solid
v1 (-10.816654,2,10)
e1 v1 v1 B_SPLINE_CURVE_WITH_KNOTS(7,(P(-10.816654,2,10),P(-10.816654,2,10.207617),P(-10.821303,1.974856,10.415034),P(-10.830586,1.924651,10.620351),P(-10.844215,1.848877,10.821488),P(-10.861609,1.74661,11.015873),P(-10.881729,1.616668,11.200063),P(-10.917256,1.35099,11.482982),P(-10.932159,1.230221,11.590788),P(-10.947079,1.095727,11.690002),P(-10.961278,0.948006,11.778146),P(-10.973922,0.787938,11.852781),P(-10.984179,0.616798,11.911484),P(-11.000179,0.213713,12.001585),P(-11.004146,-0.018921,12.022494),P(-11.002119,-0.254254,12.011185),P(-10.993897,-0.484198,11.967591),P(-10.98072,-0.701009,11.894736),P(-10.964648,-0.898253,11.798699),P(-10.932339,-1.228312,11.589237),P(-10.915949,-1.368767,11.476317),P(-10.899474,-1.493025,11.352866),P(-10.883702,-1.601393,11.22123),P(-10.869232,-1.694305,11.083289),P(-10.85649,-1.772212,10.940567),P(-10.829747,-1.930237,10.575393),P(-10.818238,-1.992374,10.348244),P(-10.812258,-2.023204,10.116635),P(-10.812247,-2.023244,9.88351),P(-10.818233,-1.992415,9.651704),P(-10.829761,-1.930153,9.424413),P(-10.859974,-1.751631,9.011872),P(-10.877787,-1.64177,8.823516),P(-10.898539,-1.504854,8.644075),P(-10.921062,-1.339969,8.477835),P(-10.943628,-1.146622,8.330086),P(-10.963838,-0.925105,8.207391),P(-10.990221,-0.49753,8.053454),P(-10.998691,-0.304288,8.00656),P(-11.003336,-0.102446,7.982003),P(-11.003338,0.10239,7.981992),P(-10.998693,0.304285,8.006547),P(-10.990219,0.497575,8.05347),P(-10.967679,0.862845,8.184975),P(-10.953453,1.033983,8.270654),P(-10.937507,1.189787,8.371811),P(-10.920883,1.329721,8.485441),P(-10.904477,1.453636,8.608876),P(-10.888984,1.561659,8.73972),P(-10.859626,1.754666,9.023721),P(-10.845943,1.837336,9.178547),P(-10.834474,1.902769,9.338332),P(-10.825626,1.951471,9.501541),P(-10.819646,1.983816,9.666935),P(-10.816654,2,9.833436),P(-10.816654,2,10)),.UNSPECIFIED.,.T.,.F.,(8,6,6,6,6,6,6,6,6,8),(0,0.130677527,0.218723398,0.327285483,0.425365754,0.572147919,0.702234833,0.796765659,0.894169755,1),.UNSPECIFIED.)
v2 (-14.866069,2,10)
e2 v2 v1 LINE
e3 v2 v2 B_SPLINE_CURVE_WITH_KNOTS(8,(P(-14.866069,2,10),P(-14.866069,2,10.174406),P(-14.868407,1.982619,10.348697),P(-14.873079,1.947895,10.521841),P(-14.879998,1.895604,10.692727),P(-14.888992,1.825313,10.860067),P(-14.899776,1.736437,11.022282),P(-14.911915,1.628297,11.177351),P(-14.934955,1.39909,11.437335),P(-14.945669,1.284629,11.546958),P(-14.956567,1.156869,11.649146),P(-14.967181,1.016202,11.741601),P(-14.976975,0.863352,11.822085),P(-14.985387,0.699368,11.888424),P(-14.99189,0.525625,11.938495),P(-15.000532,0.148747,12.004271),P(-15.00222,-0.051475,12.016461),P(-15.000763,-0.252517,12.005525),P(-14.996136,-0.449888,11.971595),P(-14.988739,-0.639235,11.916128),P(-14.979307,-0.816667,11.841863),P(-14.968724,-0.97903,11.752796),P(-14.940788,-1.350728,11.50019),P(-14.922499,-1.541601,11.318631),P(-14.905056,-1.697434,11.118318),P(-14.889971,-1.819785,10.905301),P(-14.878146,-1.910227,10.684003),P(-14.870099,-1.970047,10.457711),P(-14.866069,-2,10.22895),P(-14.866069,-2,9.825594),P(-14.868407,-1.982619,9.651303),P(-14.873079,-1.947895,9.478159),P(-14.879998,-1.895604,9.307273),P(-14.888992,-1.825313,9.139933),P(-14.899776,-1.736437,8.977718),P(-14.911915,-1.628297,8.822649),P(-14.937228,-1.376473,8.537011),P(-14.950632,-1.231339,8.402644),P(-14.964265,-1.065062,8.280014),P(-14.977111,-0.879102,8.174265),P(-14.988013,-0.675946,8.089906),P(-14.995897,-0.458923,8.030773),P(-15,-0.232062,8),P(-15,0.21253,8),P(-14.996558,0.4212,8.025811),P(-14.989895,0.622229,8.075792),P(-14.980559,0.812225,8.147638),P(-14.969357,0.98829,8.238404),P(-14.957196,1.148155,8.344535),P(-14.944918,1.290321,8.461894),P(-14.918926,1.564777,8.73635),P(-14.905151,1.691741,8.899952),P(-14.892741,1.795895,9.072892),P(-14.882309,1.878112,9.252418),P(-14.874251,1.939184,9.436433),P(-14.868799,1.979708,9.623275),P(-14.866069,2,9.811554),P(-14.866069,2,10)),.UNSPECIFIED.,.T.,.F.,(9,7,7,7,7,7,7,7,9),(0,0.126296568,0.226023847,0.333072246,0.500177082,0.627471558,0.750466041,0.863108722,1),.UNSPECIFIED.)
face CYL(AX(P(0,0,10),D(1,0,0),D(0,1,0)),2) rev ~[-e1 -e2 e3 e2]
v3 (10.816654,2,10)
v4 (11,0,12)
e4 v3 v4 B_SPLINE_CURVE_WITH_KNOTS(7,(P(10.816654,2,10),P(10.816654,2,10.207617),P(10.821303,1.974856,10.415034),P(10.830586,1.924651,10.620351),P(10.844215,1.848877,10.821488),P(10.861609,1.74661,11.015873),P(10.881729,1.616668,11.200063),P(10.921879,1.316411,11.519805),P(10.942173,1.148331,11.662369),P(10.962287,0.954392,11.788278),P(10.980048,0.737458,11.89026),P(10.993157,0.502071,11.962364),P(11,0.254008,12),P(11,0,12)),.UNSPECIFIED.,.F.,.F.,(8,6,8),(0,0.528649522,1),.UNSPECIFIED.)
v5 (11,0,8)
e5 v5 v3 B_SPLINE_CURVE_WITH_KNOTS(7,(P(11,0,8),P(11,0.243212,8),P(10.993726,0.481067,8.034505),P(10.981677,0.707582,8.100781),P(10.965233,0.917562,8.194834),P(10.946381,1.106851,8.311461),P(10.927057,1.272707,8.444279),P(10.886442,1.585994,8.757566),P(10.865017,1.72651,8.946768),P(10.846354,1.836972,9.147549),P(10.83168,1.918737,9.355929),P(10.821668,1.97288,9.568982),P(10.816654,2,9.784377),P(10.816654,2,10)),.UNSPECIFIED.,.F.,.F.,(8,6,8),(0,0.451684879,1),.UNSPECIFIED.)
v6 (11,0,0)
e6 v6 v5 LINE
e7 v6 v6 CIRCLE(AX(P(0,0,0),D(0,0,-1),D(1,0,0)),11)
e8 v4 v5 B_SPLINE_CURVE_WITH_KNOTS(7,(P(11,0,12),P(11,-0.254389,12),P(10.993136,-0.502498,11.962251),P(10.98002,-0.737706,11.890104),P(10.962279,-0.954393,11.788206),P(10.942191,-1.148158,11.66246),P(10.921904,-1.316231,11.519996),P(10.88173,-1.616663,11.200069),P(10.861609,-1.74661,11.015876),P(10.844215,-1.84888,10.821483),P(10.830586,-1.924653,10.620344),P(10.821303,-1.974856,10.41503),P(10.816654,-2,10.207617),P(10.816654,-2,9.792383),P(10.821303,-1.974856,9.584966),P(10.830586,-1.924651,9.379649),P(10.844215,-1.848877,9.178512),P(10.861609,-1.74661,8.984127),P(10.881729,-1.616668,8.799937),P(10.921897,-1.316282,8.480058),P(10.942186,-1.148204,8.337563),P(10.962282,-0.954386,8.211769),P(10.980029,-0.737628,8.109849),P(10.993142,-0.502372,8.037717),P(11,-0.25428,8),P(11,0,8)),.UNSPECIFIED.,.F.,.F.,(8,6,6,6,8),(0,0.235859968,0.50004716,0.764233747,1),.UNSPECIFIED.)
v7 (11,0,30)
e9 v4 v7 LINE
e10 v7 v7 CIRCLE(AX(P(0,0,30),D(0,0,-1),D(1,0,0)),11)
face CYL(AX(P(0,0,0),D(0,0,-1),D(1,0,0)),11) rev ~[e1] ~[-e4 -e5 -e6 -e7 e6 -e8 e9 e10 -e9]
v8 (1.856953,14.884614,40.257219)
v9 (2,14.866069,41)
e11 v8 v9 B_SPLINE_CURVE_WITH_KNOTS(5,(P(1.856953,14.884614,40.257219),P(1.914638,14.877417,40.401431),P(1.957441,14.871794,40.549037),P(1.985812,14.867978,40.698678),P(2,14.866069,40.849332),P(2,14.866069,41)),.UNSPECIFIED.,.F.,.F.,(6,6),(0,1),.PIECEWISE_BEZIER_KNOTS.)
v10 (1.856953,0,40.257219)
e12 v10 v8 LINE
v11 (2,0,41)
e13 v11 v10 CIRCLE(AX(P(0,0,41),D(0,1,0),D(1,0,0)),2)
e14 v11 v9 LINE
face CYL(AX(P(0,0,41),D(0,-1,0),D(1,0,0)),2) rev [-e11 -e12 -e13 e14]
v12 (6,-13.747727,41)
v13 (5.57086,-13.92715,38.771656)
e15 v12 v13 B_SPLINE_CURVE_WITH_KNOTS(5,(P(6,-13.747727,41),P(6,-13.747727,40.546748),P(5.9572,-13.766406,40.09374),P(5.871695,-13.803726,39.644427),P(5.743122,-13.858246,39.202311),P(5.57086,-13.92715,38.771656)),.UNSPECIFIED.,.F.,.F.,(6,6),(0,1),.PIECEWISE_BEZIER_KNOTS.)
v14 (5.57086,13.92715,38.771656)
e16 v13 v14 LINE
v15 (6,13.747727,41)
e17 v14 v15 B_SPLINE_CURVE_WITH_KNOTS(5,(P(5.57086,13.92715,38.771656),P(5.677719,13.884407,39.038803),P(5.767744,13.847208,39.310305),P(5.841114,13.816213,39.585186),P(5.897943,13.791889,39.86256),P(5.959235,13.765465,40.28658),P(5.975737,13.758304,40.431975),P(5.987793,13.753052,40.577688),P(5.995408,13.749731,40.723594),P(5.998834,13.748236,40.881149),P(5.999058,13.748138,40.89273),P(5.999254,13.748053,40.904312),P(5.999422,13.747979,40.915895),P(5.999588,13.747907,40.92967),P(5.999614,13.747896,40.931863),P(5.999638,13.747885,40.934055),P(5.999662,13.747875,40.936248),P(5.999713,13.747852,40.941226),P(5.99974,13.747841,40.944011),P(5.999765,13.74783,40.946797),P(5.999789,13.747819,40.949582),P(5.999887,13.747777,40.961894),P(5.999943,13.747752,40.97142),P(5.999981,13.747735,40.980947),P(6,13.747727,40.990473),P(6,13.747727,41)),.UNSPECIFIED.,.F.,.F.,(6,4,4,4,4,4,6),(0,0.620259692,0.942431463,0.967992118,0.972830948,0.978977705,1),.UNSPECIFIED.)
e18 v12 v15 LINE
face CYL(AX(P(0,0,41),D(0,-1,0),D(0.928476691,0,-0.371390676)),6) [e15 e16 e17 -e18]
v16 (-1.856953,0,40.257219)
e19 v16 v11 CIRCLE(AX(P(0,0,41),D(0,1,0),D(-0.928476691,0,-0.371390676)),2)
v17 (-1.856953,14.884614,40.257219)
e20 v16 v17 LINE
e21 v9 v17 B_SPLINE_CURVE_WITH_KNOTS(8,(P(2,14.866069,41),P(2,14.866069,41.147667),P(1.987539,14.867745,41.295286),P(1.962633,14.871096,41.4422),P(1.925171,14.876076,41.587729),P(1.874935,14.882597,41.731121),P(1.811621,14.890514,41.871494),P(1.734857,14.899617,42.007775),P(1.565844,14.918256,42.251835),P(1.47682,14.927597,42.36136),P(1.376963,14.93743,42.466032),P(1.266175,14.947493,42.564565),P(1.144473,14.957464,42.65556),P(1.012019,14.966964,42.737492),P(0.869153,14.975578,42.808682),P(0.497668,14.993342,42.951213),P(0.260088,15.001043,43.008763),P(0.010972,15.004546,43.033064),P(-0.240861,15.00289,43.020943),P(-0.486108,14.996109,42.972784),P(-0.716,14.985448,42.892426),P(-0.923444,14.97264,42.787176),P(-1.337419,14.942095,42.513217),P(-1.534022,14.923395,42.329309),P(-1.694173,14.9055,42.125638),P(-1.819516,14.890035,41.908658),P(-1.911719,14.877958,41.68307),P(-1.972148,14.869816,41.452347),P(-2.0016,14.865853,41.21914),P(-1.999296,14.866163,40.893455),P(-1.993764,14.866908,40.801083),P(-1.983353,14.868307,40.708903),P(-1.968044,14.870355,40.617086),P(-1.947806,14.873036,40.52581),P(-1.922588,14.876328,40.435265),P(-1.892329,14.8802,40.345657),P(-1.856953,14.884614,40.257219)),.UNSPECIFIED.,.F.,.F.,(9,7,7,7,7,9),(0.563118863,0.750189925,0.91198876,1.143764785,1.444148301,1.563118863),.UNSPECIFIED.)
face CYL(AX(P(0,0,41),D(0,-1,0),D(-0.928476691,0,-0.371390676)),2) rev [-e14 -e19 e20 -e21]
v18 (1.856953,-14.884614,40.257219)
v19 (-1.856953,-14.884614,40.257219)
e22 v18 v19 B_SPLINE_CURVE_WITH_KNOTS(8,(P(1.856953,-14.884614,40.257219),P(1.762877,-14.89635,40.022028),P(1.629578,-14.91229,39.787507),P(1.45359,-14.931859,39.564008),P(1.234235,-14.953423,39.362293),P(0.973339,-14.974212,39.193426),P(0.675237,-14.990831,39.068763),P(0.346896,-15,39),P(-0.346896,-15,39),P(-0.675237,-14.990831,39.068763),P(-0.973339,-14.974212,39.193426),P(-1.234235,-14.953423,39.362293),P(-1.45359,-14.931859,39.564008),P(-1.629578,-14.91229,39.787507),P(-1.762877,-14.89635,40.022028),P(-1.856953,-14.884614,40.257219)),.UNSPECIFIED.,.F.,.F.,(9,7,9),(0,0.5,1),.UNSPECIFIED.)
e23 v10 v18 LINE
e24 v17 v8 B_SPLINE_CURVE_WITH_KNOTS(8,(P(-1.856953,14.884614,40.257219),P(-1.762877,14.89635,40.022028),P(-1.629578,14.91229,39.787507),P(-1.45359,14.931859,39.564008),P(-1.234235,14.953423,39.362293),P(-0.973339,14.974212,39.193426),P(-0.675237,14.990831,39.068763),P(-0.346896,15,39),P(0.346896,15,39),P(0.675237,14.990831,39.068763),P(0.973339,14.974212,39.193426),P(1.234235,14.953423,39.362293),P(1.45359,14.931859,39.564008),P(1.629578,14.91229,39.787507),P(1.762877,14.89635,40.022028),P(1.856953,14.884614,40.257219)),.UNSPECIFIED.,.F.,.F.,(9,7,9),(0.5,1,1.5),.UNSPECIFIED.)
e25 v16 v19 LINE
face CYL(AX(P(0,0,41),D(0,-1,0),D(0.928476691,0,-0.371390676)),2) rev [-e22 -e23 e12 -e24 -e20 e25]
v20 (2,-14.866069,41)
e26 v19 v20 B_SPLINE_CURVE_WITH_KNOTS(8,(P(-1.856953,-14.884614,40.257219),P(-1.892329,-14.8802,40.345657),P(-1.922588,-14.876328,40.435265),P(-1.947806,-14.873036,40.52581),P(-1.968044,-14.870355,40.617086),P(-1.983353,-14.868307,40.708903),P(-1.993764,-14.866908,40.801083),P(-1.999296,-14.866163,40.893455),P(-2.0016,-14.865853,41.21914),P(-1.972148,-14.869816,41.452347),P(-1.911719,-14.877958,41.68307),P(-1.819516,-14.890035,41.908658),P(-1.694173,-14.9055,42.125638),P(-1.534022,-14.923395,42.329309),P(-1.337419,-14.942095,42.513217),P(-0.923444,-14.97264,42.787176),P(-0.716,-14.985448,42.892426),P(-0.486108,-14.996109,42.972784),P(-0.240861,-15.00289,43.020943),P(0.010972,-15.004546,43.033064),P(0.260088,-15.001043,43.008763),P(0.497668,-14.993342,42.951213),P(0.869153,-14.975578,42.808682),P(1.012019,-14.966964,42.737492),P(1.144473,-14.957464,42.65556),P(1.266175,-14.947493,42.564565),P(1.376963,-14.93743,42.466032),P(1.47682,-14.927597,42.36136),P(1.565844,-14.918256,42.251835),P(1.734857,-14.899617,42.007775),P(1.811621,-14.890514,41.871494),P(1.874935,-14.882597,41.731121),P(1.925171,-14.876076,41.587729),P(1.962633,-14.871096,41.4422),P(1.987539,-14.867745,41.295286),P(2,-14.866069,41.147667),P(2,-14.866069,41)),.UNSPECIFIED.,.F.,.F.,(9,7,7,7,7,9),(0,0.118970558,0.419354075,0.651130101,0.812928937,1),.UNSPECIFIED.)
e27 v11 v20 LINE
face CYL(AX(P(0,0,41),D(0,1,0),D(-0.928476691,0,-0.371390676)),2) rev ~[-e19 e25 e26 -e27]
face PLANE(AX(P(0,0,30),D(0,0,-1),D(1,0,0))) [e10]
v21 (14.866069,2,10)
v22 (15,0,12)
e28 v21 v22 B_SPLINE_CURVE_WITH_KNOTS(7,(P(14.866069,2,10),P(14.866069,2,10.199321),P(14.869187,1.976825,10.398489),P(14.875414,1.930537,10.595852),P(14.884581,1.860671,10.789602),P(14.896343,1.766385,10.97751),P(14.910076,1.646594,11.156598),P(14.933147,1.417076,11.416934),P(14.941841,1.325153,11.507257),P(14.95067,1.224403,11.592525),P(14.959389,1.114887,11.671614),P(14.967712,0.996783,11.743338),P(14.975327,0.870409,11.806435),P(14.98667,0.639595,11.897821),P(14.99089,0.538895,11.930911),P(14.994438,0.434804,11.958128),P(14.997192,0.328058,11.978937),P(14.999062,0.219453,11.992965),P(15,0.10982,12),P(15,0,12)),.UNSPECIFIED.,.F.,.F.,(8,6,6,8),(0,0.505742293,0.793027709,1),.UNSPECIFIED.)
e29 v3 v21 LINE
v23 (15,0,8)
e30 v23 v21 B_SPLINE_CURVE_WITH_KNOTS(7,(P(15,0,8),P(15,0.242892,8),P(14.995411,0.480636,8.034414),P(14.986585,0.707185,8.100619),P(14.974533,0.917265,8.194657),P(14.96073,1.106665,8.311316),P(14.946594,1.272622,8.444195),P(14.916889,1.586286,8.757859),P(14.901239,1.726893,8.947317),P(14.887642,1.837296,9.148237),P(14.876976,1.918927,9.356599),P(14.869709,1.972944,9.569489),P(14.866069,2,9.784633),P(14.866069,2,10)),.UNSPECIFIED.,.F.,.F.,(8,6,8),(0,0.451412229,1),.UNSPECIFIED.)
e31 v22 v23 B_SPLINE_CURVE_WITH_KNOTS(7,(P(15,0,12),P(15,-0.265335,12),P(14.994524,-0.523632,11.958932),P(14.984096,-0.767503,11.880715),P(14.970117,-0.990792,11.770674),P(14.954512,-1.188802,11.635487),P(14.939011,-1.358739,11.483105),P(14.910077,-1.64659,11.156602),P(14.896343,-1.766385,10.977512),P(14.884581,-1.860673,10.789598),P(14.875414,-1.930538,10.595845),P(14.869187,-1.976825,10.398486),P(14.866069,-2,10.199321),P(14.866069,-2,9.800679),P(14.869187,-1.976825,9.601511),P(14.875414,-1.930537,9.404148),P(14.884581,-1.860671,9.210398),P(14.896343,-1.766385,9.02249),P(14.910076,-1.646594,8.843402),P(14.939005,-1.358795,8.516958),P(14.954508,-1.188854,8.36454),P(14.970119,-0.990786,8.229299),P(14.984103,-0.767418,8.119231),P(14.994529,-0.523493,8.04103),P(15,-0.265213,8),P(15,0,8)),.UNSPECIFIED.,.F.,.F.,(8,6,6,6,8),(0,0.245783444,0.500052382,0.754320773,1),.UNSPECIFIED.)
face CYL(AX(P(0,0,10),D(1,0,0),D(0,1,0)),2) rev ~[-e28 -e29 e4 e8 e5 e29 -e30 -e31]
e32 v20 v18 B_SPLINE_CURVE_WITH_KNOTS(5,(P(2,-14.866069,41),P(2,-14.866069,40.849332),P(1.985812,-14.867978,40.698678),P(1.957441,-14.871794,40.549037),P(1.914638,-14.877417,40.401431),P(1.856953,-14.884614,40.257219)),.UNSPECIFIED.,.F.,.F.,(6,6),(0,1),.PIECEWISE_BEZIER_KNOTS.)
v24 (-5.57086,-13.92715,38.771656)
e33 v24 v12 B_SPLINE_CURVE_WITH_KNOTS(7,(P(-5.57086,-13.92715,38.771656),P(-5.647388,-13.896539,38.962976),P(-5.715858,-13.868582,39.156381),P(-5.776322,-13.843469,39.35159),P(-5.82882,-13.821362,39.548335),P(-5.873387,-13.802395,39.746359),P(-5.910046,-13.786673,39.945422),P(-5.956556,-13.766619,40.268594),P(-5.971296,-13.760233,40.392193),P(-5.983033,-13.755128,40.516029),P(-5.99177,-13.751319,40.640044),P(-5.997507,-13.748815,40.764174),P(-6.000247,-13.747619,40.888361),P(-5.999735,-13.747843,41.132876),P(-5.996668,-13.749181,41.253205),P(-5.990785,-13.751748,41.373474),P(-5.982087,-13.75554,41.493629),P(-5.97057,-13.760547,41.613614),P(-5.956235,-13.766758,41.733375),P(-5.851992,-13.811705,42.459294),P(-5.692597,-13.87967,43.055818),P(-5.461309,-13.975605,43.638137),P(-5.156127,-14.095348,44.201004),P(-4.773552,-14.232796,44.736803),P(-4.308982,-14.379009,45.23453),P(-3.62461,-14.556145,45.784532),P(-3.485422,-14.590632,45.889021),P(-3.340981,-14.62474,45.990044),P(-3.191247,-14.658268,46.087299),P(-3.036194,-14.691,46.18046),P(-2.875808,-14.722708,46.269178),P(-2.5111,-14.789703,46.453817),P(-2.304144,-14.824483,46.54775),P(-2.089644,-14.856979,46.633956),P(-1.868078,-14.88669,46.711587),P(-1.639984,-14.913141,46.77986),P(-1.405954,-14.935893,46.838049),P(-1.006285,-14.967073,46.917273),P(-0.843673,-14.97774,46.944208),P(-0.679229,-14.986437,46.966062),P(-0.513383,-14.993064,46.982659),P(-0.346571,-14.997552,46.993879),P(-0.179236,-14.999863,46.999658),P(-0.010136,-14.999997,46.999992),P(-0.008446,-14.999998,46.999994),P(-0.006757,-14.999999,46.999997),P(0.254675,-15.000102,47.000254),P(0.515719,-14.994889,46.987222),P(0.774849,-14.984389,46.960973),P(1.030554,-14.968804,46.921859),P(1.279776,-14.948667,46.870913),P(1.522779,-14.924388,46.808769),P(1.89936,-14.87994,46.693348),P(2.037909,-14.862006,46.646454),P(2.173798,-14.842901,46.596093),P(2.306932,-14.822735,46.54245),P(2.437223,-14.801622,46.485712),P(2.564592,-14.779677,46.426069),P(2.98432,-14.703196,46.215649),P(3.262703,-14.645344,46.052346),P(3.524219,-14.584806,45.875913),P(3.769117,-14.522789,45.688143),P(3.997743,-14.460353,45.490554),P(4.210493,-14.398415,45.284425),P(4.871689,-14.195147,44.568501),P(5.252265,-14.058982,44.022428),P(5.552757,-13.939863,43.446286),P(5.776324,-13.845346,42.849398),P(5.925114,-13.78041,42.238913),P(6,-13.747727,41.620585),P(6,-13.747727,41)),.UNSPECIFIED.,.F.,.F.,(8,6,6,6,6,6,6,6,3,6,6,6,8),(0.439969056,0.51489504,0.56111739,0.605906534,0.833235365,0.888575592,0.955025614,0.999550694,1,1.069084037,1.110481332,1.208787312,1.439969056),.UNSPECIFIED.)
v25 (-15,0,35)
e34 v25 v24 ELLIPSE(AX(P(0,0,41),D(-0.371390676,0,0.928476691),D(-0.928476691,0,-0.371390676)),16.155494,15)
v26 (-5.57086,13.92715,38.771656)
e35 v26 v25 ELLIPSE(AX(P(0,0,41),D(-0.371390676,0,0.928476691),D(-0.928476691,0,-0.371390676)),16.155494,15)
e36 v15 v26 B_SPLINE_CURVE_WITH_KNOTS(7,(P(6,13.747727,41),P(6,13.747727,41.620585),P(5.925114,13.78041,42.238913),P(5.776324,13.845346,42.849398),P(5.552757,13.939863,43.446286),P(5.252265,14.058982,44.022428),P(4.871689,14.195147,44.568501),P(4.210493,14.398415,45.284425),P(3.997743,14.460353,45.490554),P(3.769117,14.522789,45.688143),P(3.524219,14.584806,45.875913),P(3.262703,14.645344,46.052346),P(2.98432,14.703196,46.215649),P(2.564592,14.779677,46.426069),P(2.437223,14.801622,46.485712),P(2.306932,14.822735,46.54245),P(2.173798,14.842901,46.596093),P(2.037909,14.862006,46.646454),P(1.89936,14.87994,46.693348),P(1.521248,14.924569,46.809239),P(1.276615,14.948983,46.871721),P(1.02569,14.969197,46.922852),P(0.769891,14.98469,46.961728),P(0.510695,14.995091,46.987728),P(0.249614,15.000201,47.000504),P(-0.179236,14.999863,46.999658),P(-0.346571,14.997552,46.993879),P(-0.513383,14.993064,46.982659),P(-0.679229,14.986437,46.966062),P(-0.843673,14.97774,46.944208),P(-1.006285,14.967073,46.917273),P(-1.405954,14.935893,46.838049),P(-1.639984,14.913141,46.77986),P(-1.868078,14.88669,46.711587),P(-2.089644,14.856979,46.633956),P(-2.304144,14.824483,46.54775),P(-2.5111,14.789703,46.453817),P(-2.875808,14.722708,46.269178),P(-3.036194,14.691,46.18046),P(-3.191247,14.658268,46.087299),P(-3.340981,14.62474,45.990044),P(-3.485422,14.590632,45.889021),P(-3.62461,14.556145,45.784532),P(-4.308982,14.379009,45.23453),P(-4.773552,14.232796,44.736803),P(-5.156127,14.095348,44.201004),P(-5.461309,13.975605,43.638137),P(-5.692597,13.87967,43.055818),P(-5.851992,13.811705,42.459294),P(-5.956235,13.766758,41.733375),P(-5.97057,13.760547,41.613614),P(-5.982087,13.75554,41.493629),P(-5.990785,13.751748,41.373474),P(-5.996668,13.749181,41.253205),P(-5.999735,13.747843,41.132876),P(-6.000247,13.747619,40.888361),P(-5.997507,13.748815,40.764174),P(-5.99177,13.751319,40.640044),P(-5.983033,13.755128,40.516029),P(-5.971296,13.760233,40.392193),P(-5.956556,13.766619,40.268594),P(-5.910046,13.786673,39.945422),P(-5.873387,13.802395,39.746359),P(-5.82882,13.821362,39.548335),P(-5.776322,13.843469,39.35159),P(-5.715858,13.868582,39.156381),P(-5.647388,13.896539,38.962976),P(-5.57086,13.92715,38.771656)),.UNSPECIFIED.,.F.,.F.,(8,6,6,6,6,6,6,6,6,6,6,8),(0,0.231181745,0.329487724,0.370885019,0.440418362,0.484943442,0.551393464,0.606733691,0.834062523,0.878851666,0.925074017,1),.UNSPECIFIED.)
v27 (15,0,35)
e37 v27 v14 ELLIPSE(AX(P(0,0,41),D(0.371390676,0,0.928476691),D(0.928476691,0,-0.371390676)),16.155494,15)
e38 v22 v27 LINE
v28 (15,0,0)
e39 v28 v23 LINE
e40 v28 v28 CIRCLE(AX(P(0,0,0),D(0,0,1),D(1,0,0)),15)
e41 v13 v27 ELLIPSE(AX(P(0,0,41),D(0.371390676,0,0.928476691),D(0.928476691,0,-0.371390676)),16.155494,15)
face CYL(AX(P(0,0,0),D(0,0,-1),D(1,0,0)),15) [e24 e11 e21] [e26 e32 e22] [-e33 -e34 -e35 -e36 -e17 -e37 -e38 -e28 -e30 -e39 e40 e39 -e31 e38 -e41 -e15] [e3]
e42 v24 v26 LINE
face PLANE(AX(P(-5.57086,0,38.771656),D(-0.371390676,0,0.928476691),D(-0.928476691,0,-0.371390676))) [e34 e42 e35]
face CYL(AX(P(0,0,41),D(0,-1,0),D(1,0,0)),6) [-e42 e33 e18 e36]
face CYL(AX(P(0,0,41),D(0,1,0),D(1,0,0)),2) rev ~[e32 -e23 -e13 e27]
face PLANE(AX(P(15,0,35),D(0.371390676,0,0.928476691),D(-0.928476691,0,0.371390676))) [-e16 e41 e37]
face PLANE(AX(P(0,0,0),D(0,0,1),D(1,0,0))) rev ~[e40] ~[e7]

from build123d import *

# Parameters (mm, degrees)
F0_R     = 15
F1_DEPTH = 35
F3_DEPTH = 15
F4_W     = 36.4194698632
F4_H     = 35.84138304
F4_R     = 15
F5_DEPTH = 50
F6_R     = 11
F7_DEPTH = 30
F8_R     = 2
F9_DEPTH = 15


with BuildPart() as f1:
    # F0 (on Top) → F1 (new body)
    with BuildSketch(Plane.XY):
        Circle(F0_R)
    extrude(amount=F1_DEPTH)

    # F2 (on Front) → F3 (join, symmetric)
    with BuildSketch(Plane.XZ):
        with BuildLine():
            ThreePointArc((1.082e-07, 35), (-3.363772811, 36.0315965868), (-5.5708601453, 38.7716559419))
            Line((-5.5708601453, 38.7716559419), (-15, 35))
            Line((-15, 35), (1.082e-07, 35))
        make_face()
        with BuildLine():
            Line((-1.8569533818, 40.2572186473), (-5.5708601453, 38.7716559419))
            ThreePointArc((-5.5708601453, 38.7716559419), (-3.363772811, 36.0315965868), (1.082e-07, 35))
            ThreePointArc((1.082e-07, 35), (3.3637729006, 36.0315966475), (5.5708601453, 38.7716559419))
            Line((5.5708601453, 38.7716559419), (1.8569533818, 40.2572186473))
            ThreePointArc((1.8569533818, 40.2572186473), (0, 39), (-1.8569533818, 40.2572186473))
        make_face()
        with BuildLine():
            Line((15, 35), (5.5708601453, 38.7716559419))
            ThreePointArc((5.5708601453, 38.7716559419), (3.3637729006, 36.0315966475), (1.082e-07, 35))
            Line((1.082e-07, 35), (15, 35))
        make_face()
        with BuildLine():
            ThreePointArc((5.5708601453, 38.7716559419), (5.8917383204, 39.8653548731), (6, 41))
            ThreePointArc((6, 41), (-1.1346451269, 46.8917383204), (-5.5708601453, 38.7716559419))
            Line((-5.5708601453, 38.7716559419), (-1.8569533818, 40.2572186473))
            ThreePointArc((-1.8569533818, 40.2572186473), (-0.3782150423, 42.9639127735), (2, 41))
            ThreePointArc((2, 41), (1.9639127735, 40.6217849577), (1.8569533818, 40.2572186473))
            Line((1.8569533818, 40.2572186473), (5.5708601453, 38.7716559419))
        make_face()
    extrude(amount=F3_DEPTH, both=True)

    # F4 (on face) → F5 (cut)
    with BuildSketch(Plane(origin=(0, 0, 0), x_dir=(1, 0, 0), z_dir=(0, 0, -1))):
        with Locations((1.1052396148, -0.1735072583)):
            Rectangle(F4_W, F4_H)
        Circle(F4_R, mode=Mode.SUBTRACT)
    extrude(amount=-F5_DEPTH, mode=Mode.SUBTRACT)

    # F6 (on face) → F7 (cut)
    with BuildSketch(Plane(origin=(0, 0, 0), x_dir=(1, 0, 0), z_dir=(0, 0, -1))):
        Circle(F6_R)
    extrude(amount=-F7_DEPTH, mode=Mode.SUBTRACT)

    # F8 (on Right) → F9 (cut, symmetric)
    with BuildSketch(Plane.YZ):
        with Locations((0, 10)):
            Circle(F8_R)
    extrude(amount=F9_DEPTH, both=True, mode=Mode.SUBTRACT)


solid = f1.part
